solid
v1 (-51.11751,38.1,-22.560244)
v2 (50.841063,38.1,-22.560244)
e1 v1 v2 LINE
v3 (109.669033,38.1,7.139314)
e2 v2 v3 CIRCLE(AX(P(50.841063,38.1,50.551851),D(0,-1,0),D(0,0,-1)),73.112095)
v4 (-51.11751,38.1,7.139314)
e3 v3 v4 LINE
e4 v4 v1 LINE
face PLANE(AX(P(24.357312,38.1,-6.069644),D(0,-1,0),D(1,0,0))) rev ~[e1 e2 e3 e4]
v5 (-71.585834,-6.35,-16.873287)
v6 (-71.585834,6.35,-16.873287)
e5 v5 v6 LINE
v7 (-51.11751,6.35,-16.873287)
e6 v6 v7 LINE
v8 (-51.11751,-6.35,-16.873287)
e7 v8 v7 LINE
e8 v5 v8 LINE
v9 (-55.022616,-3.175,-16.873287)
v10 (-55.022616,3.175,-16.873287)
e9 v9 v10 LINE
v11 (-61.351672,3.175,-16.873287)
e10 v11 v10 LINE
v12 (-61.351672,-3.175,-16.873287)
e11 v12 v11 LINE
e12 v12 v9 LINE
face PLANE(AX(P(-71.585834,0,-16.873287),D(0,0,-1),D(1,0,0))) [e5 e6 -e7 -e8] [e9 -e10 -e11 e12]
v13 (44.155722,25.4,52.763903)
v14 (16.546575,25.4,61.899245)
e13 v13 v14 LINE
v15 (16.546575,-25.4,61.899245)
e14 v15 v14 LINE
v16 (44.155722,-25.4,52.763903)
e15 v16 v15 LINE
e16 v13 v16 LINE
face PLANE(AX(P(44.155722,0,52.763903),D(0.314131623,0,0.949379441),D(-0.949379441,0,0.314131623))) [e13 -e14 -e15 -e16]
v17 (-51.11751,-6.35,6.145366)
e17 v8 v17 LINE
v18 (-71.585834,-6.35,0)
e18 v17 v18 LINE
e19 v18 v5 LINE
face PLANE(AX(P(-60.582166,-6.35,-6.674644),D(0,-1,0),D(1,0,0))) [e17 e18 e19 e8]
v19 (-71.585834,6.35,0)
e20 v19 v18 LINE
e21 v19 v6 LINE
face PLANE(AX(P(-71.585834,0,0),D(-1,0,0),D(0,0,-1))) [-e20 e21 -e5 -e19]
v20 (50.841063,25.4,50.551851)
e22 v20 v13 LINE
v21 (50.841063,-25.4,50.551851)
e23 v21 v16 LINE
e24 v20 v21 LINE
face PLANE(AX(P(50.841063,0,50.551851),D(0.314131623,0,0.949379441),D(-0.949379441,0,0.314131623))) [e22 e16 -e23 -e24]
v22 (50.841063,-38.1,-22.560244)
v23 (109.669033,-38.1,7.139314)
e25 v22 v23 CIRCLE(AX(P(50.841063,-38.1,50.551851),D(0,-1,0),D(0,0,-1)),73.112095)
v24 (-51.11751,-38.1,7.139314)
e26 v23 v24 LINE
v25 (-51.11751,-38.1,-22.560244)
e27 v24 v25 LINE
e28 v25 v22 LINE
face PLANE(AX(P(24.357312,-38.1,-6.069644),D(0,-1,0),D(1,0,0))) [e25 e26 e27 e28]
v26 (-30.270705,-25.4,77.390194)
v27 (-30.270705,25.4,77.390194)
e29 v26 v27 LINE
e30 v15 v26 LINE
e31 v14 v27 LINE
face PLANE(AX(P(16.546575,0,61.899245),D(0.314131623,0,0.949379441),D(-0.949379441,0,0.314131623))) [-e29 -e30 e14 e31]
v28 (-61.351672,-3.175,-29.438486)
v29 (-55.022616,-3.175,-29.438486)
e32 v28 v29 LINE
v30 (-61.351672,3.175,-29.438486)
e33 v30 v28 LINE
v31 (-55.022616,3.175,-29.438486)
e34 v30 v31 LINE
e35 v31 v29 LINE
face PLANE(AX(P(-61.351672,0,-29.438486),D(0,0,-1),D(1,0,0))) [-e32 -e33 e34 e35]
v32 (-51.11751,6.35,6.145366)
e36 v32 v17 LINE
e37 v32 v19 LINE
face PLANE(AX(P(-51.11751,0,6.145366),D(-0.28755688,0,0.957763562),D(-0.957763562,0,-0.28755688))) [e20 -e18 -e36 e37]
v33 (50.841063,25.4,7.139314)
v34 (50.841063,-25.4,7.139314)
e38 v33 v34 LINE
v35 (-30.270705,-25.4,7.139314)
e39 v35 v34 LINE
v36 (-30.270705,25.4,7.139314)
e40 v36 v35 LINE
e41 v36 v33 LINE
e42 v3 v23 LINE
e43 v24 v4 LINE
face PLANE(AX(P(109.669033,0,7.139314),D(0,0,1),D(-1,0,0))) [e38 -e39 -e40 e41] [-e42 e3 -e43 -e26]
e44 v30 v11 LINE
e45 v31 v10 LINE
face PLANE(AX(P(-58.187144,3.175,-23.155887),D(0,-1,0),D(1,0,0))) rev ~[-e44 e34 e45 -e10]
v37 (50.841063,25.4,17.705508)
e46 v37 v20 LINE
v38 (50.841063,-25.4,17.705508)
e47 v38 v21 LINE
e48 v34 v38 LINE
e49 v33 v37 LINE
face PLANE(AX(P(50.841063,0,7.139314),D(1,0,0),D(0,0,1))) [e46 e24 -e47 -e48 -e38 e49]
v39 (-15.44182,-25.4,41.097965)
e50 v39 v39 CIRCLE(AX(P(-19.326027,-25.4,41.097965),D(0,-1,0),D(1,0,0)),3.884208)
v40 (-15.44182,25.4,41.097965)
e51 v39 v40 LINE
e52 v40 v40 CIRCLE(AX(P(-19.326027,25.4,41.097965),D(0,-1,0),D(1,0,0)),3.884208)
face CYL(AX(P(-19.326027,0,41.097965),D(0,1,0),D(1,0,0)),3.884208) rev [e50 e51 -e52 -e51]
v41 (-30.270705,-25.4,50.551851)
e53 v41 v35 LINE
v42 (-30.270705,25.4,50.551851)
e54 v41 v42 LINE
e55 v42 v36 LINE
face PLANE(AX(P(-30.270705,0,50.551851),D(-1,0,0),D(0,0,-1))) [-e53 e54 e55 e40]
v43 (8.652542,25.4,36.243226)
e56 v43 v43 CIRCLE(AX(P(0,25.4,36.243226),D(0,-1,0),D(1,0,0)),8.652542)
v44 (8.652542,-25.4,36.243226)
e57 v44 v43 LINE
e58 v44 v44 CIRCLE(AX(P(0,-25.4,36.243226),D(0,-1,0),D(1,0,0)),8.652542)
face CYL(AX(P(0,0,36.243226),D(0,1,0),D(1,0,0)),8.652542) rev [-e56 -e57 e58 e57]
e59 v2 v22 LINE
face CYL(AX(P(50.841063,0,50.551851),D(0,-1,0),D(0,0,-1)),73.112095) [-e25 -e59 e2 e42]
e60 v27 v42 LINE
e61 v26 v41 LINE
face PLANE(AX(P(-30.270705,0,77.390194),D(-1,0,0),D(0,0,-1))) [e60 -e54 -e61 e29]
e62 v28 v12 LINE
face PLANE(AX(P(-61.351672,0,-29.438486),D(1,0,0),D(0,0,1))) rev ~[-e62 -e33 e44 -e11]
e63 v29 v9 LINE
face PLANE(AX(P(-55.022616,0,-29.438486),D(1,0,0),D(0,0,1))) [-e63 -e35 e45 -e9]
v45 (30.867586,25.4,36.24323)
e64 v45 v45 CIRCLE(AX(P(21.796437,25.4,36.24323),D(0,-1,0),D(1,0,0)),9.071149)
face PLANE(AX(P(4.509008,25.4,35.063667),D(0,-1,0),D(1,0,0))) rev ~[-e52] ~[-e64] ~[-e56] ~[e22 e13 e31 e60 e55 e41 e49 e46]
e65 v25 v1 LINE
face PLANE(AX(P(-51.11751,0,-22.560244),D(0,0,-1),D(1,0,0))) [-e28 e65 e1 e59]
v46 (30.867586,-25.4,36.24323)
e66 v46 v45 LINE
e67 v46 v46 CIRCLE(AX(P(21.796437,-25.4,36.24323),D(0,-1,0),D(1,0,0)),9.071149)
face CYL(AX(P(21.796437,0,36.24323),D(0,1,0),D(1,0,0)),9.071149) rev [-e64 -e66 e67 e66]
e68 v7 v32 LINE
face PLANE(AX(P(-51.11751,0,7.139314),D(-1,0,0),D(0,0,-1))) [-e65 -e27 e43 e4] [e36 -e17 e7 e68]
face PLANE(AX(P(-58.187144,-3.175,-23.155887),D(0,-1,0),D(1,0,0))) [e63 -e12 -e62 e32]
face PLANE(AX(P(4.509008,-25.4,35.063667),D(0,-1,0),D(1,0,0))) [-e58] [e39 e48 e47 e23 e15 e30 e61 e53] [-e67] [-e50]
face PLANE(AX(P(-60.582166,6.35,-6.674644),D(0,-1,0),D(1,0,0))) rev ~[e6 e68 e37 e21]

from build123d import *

# Parameters (mm, degrees)
F1_DEPTH = 38.1
F2_DEPTH = 6.35
F0_W     = 6.3290558755
F0_H     = 12.5651992857
F3_DEPTH = 3.175
F0_R     = 8.6525424745
F0_R_2   = 9.0711492587
F0_W_2   = 5.1460258761
F0_H_2   = 10.5661942953
F0_W_3   = 24.5602354407
F0_W_4   = 26.5593226068
F0_W_5   = 6.9090700396
F0_W_6   = 14.06177961
F0_W_7   = 3.8753339521
F0_R_3   = 3.8842075561
F4_DEPTH = 25.4


with BuildPart() as f1:
    # F0 (on Front) → F1 (new body, symmetric)
    with BuildSketch(Plane.XZ):
        with BuildLine():
            Line((-51.1175096035, -16.873287037), (-51.1175096035, -22.5602444261))
            Line((-51.1175096035, -22.5602444261), (50.8410625258, -22.5602444261))
            ThreePointArc((50.8410625258, -22.5602444261), (83.7910011304, -14.7143733495), (109.6690327028, 7.1393135004))
            Line((109.6690327028, 7.1393135004), (93.1019932032, 7.1393135004))
            Line((93.1019932032, 7.1393135004), (71.9687715173, 7.1393135004))
            Line((71.9687715173, 7.1393135004), (50.8410625258, 7.1393135004))
            Line((50.8410625258, 7.1393135004), (45.6950366497, 7.1393135004))
            Line((45.6950366497, 7.1393135004), (21.134801209, 7.1393135004))
            Line((21.134801209, 7.1393135004), (-5.4245213978, 7.1393135004))
            Line((-5.4245213978, 7.1393135004), (-12.3335914374, 7.1393135004))
            Line((-12.3335914374, 7.1393135004), (-26.3953710475, 7.1393135004))
            Line((-26.3953710475, 7.1393135004), (-30.2707049996, 7.1393135004))
            Line((-30.2707049996, 7.1393135004), (-51.1175096035, 7.1393135004))
            Line((-51.1175096035, 7.1393135004), (-51.1175096035, 6.1453658742))
            Line((-51.1175096035, 6.1453658742), (-51.1175096035, -16.873287037))
        make_face()
    extrude(amount=F1_DEPTH, both=True)

    # F0 (on Front) → F2 (join, symmetric)
    with BuildSketch(Plane.XZ):
        Polygon((-55.0226159394, -16.873287037), (-51.1175096035, -16.873287037), (-51.1175096035, 6.1453658742), (-71.5858340263, 0), (-71.5858340263, -16.873287037), (-61.3516718149, -16.873287037), align=None)
    extrude(amount=F2_DEPTH, both=True)

    # F0 (on Front) → F3 (join, symmetric)
    with BuildSketch(Plane.XZ):
        with Locations((-58.1871438771, -23.1558866799)):
            Rectangle(F0_W, F0_H)
    extrude(amount=F3_DEPTH, both=True)

    # F0 (on Front) → F4 (join, symmetric)
    with BuildSketch(Plane.XZ):
        with BuildLine():
            Line((-30.2707049996, 50.5518508265), (-30.2707049996, 17.7055077956))
            Line((-30.2707049996, 17.7055077956), (-26.3953710475, 17.7055077956))
            Line((-26.3953710475, 17.7055077956), (-26.3953710475, 42.5316623055))
            add(Edge.make_bspline(
                [(-26.3953710475, 42.5316623055), (-25.6086271256, 50.5518508265), (-13.6145753786, 50.5218580365), (-12.3335914374, 42.5316623055)],
                knots=[0, 0, 0, 0, 14.06177961, 14.06177961, 14.06177961, 14.06177961], degree=3))
            Line((-12.3335914374, 42.5316623055), (-12.3335914374, 17.7055077956))
            Line((-12.3335914374, 17.7055077956), (-5.4245213978, 17.7055077956))
            Line((-5.4245213978, 17.7055077956), (21.134801209, 17.7055077956))
            Line((21.134801209, 17.7055077956), (45.6950366497, 17.7055077956))
            Line((45.6950366497, 17.7055077956), (50.8410625258, 17.7055077956))
            Line((50.8410625258, 17.7055077956), (50.8410625258, 50.5518508265))
            Line((50.8410625258, 50.5518508265), (-30.2707049996, 50.5518508265))
        make_face()
        with Locations((0, 36.2432263792)):
            Circle(F0_R, mode=Mode.SUBTRACT)
        with Locations((21.7964369804, 36.2432301044)):
            Circle(F0_R_2, mode=Mode.SUBTRACT)
        with Locations((48.2680495878, 12.422410648)):
            Rectangle(F0_W_2, F0_H_2)
        with Locations((33.4149189293, 12.422410648)):
            Rectangle(F0_W_3, F0_H_2)
        with Locations((7.8551399056, 12.422410648)):
            Rectangle(F0_W_4, F0_H_2)
        with Locations((-8.8790564176, 12.422410648)):
            Rectangle(F0_W_5, F0_H_2)
        with Locations((-19.3644812425, 12.422410648)):
            Rectangle(F0_W_6, F0_H_2)
        with Locations((-28.3330380235, 12.422410648)):
            Rectangle(F0_W_7, F0_H_2)
        with BuildLine():
            Line((-26.3953710475, 42.5316623055), (-26.3953710475, 17.7055077956))
            Line((-26.3953710475, 17.7055077956), (-12.3335914374, 17.7055077956))
            Line((-12.3335914374, 17.7055077956), (-12.3335914374, 42.5316623055))
            add(Edge.make_bspline(
                [(-26.3953710475, 42.5316623055), (-25.6086271256, 50.5518508265), (-13.6145753786, 50.5218580365), (-12.3335914374, 42.5316623055)],
                knots=[0, 0, 0, 0, 14.06177961, 14.06177961, 14.06177961, 14.06177961], degree=3))
        make_face()
        with Locations((-19.3260274827, 41.0979650915)):
            Circle(F0_R_3, mode=Mode.SUBTRACT)
        Polygon((-30.2707049996, 77.3901939392), (-30.2707049996, 50.5518508265), (50.8410625258, 50.5518508265), (44.1557221366, 52.7639029697), (16.5465753325, 61.8992451966), align=None)
    extrude(amount=F4_DEPTH, both=True)


solid = f1.part
